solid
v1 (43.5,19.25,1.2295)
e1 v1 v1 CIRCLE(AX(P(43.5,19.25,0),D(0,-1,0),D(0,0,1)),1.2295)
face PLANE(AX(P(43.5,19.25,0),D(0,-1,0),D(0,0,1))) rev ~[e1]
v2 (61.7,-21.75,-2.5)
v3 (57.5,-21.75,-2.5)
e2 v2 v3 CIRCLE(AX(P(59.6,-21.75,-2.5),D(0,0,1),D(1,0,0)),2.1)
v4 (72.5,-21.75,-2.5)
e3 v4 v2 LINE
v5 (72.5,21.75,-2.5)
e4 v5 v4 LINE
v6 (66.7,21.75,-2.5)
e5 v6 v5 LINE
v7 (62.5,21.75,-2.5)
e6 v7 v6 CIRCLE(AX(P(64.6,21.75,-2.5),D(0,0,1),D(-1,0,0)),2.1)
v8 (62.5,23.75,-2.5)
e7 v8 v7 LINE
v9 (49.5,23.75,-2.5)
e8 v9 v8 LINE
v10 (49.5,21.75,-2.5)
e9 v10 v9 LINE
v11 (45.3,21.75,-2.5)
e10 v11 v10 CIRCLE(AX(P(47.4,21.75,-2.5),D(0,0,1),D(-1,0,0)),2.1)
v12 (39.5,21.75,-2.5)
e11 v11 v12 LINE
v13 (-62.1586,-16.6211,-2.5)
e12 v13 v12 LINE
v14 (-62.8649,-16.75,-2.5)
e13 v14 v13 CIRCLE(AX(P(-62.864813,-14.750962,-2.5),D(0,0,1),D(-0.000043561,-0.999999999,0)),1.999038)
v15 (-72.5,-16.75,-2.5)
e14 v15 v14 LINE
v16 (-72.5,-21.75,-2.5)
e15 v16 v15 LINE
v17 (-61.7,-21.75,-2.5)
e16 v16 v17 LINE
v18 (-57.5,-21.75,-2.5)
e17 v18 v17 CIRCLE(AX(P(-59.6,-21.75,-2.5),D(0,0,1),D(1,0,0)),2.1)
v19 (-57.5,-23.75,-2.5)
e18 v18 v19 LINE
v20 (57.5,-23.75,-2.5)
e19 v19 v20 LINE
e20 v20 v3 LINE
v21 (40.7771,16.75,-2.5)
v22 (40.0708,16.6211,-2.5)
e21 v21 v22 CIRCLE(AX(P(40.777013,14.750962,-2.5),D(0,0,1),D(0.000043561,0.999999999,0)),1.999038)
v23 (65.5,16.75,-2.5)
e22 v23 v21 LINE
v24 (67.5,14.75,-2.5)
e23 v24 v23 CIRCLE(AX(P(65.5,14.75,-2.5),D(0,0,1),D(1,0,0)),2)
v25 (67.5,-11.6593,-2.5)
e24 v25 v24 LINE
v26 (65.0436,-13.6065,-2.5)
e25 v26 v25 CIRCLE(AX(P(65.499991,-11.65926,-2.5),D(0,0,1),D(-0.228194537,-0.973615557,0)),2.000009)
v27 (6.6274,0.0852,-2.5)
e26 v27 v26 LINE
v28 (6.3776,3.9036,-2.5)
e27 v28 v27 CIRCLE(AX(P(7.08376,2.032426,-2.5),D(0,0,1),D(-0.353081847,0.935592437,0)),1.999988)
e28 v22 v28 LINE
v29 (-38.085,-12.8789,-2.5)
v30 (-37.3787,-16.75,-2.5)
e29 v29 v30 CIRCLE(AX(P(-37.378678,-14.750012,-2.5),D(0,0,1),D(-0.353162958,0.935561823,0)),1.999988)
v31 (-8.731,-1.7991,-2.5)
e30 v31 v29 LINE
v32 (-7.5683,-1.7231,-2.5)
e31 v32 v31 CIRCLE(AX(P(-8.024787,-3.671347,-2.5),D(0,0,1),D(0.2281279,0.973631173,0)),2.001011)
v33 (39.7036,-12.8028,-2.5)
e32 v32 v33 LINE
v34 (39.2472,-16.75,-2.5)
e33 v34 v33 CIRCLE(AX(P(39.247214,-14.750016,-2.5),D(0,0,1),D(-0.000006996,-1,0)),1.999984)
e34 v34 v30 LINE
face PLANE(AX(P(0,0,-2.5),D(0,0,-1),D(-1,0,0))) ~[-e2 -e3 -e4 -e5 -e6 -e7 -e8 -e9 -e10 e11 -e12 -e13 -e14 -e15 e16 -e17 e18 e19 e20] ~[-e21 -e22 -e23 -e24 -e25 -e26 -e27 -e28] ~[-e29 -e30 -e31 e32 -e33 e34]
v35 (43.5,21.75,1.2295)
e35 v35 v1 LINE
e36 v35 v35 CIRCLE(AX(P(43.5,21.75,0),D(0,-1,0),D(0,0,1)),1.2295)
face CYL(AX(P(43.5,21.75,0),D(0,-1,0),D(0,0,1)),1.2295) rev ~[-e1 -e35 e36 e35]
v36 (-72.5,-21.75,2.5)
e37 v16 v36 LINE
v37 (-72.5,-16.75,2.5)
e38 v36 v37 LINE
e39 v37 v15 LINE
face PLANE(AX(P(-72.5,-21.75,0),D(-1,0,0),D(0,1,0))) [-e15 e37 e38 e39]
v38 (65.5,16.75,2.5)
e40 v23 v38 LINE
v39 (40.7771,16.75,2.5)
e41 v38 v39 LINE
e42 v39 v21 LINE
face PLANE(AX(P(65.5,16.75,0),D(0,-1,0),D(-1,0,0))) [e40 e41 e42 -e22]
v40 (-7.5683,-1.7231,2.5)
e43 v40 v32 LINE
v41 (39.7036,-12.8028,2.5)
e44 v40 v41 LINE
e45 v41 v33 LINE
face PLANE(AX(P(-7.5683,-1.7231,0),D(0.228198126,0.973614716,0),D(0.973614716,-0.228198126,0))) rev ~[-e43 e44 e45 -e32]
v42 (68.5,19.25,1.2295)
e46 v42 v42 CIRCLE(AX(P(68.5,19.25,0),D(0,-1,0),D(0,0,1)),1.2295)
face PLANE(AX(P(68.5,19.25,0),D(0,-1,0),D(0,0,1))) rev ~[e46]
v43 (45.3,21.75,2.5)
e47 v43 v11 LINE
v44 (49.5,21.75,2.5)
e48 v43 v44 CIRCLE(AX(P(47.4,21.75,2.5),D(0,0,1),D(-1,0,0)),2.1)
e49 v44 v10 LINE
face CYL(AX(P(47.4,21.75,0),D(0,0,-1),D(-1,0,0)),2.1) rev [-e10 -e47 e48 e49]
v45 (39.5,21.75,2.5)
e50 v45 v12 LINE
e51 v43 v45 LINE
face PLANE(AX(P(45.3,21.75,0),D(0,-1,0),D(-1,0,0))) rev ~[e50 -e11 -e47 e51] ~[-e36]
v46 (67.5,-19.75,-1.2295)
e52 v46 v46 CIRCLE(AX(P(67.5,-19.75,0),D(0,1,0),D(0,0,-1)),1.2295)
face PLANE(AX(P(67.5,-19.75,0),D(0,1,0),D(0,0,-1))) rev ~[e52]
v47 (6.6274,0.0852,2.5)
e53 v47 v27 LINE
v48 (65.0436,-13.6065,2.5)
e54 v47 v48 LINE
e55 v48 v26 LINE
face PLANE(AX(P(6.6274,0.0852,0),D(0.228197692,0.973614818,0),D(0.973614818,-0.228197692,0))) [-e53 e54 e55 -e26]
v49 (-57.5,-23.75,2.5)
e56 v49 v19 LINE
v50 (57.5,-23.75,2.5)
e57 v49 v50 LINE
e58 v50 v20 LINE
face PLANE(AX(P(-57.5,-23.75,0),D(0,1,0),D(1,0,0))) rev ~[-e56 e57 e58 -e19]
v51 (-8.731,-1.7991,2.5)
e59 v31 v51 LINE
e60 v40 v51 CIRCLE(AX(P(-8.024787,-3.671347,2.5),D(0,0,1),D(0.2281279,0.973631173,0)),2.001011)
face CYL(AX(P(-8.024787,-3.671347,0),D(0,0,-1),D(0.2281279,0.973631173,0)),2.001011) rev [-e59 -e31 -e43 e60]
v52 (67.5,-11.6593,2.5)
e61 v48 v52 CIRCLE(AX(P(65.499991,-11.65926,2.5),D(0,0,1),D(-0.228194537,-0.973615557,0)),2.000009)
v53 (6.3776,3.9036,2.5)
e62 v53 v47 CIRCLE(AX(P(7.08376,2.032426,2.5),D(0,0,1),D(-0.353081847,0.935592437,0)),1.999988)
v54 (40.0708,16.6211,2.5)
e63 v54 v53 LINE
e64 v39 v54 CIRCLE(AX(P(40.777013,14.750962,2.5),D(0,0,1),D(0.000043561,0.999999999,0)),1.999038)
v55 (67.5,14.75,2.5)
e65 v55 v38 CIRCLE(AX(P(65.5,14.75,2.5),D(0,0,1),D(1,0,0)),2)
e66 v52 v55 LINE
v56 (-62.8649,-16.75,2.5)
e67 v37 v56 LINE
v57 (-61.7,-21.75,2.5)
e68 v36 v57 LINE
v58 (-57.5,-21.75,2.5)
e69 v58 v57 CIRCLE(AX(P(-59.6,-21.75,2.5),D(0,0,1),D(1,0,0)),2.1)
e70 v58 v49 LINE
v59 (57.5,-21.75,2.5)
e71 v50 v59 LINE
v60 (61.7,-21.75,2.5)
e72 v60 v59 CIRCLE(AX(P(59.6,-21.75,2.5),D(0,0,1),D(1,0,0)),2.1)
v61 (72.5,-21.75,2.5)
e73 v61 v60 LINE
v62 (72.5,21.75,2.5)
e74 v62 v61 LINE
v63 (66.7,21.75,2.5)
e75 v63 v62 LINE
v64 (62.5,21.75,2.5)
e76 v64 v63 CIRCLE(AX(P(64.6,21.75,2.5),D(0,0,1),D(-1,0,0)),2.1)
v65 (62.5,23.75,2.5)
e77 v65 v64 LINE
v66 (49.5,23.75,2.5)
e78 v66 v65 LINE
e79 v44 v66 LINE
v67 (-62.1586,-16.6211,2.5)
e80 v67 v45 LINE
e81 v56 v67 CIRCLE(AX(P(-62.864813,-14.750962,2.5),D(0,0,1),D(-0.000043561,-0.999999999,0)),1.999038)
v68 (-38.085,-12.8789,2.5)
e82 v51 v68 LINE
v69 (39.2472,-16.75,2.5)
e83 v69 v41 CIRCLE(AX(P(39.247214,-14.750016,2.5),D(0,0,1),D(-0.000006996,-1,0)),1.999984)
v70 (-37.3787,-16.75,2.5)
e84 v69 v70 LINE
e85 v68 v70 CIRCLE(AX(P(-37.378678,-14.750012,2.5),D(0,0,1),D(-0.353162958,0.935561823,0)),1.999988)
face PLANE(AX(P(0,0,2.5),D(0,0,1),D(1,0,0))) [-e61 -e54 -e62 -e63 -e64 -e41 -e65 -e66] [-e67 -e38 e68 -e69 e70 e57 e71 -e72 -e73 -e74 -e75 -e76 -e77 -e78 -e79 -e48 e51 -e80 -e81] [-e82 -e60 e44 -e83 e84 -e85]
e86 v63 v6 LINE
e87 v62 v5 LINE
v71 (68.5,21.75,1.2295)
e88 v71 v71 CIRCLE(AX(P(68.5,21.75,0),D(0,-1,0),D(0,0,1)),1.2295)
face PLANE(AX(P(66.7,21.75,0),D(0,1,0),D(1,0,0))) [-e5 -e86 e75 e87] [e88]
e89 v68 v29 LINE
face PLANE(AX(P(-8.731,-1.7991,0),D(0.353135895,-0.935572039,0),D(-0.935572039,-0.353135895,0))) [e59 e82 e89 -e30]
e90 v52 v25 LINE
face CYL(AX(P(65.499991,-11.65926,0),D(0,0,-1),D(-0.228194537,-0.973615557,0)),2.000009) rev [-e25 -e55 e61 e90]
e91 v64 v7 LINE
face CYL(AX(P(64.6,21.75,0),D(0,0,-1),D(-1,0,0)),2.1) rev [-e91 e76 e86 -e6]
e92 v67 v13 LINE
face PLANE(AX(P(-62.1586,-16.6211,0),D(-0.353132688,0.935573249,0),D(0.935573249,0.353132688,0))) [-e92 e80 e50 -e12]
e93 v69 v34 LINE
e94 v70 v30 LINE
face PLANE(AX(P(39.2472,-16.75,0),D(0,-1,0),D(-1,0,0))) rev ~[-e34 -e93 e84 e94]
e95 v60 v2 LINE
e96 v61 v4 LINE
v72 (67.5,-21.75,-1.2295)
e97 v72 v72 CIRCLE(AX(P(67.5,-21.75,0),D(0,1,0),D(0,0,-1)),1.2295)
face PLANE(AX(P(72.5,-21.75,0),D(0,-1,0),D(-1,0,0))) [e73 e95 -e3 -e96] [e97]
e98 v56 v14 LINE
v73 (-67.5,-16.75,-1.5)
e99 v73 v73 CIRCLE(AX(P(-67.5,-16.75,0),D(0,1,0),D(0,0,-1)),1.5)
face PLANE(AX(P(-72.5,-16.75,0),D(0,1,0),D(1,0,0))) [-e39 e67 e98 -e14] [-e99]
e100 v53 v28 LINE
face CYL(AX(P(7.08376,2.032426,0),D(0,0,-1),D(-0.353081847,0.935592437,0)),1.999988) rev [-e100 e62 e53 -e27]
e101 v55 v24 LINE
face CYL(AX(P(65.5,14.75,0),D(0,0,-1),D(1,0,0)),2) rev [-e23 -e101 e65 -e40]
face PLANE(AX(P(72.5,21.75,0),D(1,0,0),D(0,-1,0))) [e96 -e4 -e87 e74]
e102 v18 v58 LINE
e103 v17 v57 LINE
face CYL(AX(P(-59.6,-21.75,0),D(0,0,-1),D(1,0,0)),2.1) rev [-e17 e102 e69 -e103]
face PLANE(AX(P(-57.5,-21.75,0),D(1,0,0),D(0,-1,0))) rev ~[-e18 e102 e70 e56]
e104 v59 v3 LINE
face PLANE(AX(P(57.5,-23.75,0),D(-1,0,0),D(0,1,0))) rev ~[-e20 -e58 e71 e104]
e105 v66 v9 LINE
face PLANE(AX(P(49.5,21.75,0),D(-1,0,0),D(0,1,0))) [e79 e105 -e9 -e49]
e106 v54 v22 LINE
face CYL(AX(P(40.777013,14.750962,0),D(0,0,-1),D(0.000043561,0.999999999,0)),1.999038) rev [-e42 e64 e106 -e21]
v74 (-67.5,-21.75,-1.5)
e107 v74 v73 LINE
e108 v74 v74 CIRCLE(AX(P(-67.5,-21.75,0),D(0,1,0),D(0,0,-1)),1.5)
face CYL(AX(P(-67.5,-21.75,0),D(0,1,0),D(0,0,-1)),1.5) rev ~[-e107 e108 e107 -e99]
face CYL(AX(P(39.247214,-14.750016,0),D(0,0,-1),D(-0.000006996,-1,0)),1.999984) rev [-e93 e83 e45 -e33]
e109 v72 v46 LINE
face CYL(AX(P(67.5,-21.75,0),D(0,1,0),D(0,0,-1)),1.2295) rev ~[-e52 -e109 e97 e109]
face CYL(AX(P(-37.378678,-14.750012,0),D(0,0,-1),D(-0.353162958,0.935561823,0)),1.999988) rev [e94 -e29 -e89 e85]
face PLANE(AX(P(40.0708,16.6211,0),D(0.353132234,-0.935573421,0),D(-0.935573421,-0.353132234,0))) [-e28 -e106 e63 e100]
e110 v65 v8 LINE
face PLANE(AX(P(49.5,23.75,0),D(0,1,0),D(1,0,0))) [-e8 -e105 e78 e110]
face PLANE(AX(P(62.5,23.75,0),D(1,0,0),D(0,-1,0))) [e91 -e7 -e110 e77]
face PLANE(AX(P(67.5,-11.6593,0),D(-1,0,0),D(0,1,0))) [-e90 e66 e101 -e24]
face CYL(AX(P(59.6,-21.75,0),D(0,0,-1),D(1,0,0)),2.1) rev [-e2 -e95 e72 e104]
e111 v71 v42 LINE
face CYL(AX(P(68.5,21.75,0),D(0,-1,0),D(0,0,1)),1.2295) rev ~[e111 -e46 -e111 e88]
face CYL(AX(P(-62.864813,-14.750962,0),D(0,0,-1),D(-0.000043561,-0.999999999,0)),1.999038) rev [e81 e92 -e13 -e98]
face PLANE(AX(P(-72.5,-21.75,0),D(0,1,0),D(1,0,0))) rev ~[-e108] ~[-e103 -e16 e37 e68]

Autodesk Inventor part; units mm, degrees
ref_plane "YZ Plane" through (0, 0, 0) normal (1, 0, 0) x (0, 1, 0)
ref_plane "XZ Plane" through (0, 0, 0) normal (0, 1, 0) x (-1, 0, 0)
ref_plane "XY Plane" through (0, 0, 0) normal (0, 0, 1) x (1, 0, 0)
sketch "スケッチ1" plane through (0, 0, 0) normal (0, 0, 1) x (1, 0, 0)
  line L0 (-72.5, -21.75) -> (72.5, -21.75) construction
  line L1 (72.5, -21.75) -> (72.5, 21.75) construction
  line L2 (72.5, 21.75) -> (-72.5, 21.75) construction
  line L3 (-72.5, 21.75) -> (-72.5, -21.75) construction
  line L4 (-72.5, -21.75) -> (72.5, 21.75) construction
  line L5 (72.5, -21.75) -> (-72.5, 21.75) construction
  line L6 (-67.5, 21.75) -> (-67.5, -21.75) construction
  line L7 (0, 0) -> (0, 21.75) construction
  line L8 (0, 0) -> (-72.5, 0) construction
  line L9 (67.5, 21.75) -> (67.5, -11.6593) construction
  line L10 (-72.5, -21.75) -> (-61.7, -21.75)
  line L11 (49.5, 21.75) -> (49.5, 23.75)
  line L12 (49.5, 23.75) -> (62.5, 23.75)
  line L13 (62.5, 23.75) -> (62.5, 21.75)
  line L14 (66.7, 21.75) -> (72.5, 21.75)
  line L15 (72.5, 21.75) -> (72.5, -21.75)
  line L16 (72.5, -21.75) -> (61.7, -21.75)
  line L17 (-57.5, -21.75) -> (-57.5, -23.75)
  line L18 (-57.5, -23.75) -> (57.5, -23.75)
  line L19 (57.5, -23.75) -> (57.5, -21.75)
  arc A0 (45.3, 21.75) -> (49.5, 21.75) centre (47.4, 21.75) ccw
  arc A1 (62.5, 21.75) -> (66.7, 21.75) centre (64.6, 21.75) ccw
  arc A2 (-57.5, -21.75) -> (-61.7, -21.75) centre (-59.6, -21.75) ccw
  arc A3 (61.7, -21.75) -> (57.5, -21.75) centre (59.6, -21.75) ccw
  line L20 (-72.5, -21.75) -> (-72.5, -16.75)
  line L21 (45.3, 21.75) -> (39.5, 21.75)
  line L22 (66.95, 24.476) -> (70.05, 24.476) construction
  line L23 (70.05, 24.476) -> (70.05, 13.3235) construction
  line L24 (70.05, 13.3235) -> (66.95, 13.3235) construction
  line L25 (66.95, 13.3235) -> (66.95, 24.476) construction
  line L26 (68.5, 24.476) -> (68.5, 13.3235) construction
  line L27 (41.95, 24.476) -> (45.05, 24.476) construction
  line L28 (45.05, 24.476) -> (45.05, 13.9945) construction
  line L29 (45.05, 13.9945) -> (41.95, 13.9945) construction
  line L30 (41.95, 13.9945) -> (41.95, 24.476) construction
  line L31 (43.5, 24.476) -> (43.5, 13.9945) construction
  line L32 (-72.5, -16.75) -> (-62.8649, -16.75)
  line L33 (-62.1586, -16.6211) -> (39.5, 21.75)
  line L34 (40.0708, 16.6211) -> (6.3776, 3.9036) construction
  line L35 (-48.341, -16.75) -> (67.5, -16.75) construction
  line L36 (67.5, -16.75) -> (67.5, 14.75) construction
  line L37 (65.5, 16.75) -> (40.7771, 16.75)
  line L38 (67.5, -16.75) -> (-3.9644, 0) construction
  line L39 (-8.731, -1.7991) -> (-38.085, -12.8789)
  line L40 (-7.5683, -1.7231) -> (39.7036, -12.8028)
  line L41 (39.2472, -16.75) -> (-37.3787, -16.75)
  line L42 (6.6274, 0.0852) -> (65.0436, -13.6065)
  line L43 (67.5, -14.1822) -> (67.5, 16.75)
  arc A4 (65.0436, -13.6065) -> (67.5, -11.6593) centre (65.5, -11.6593) ccw
  arc A5 (6.3776, 3.9036) -> (6.6274, 0.0852) centre (7.0838, 2.0324) ccw
  line L44 (40.0708, 16.6211) -> (6.3776, 3.9036)
  arc A6 (40.7771, 16.75) -> (40.0708, 16.6211) centre (40.7771, 14.75) ccw
  arc A7 (67.5, 14.75) -> (65.5, 16.75) centre (65.5, 14.75) ccw
  arc A8 (-38.085, -12.8789) -> (-37.3787, -16.75) centre (-37.3787, -14.75) ccw
  arc A9 (-7.5683, -1.7231) -> (-8.731, -1.7991) centre (-8.0247, -3.6703) ccw
  arc A10 (39.2472, -16.75) -> (39.7036, -12.8028) centre (39.2472, -14.75) ccw
  arc A11 (-62.8649, -16.75) -> (-62.1586, -16.6211) centre (-62.8649, -14.75) ccw
  point P0 (67.5, -21.75)
  point P1 (-62.5, -16.75)
  point P2 (40.4122, 16.75)
  point P3 (-8.1612, -1.5841)
  point P4 (56.5446, -16.75)
  point P5 (67.5, -11.6593)
  dimension "d16" = 5
  dimension "d20" = 43.5
  dimension "d40" = 135
  dimension "d41" = 10
  dimension "d42" = 2.1
  dimension "d43" = 2
  dimension "d44" = 5
  dimension "d45" = 10
  dimension "d46" = 10
  dimension "d48" = 3.1
  dimension "d50" = 4
  dimension "d51" = 25
  dimension "d52" = 3.1
  dimension "d62" = 6
  dimension "d63" = 6
  dimension "d88" = 10
  dimension "d90" = 5
  dimension "d91" = 5
  dimension "d93" = 5
  dimension "d94" = 94.8651
  dimension "d96" = 47.4325
  dimension "d97" = 2.5
  dimension "d98" = 5
  dimension "d99" = 2
  dimension "d100" = 2
  dimension "d101" = 5
  dimension "d102" = 2
  dimension "d103" = 2
  dimension "d104" = 2
  dimension "d105" = 2
extrude "押し出し1" add sketch "スケッチ1" along normal blind 2.5
mirror "ミラー1" about plane through (0, 0, 0) normal (0, 0, -1) of "押し出し1"
sketch "スケッチ2" plane through (-72.5, -21.75, 2.5) normal (0, -1, 0) x (1, 0, 0)
  line L0 (0, -5) -> (0, 0)
  line L1 (15, -5) -> (130, -5) construction
  line L2 (72.5, -5) -> (72.5, 0) construction
  line L3 (15, 0) -> (130, 0) construction
  point P0 (72.5, -2.5)
  point P1 (140, -2.5)
  point P2 (0, -2.5)
hole "穴1" at (67.5, -21.75, 0) direction (0, 1, 0) diameter 2.459 depth 2 thread size "M3x0.5" class "6H" standard "ISO Metric profile"
sketch "スケッチ4" plane through (66.7, 21.75, 2.5) normal (0, 1, 0) x (1, 0, 0)
  line L0 (5.8, 5) -> (5.8, 0) projected
  point P0 (-66.7, 2.5)
  point P1 (1.8, 2.5)
  point P2 (-23.2, 2.5)
  point P3 (5.8, 2.5)
  dimension "d53" = 4
  dimension "d54" = 25
hole "穴2" at (68.5, 21.75, 0) at (43.5, 21.75, 0) direction (0, -1, 0) diameter 2.459 depth 2.5 thread size "M3x0.5" class "6H" standard "ISO Metric profile"
sketch "スケッチ7" plane through (-72.5, -21.75, 2.5) normal (0, -1, 0) x (1, 0, 0)
  line L0 (0, -5) -> (0, 0) projected
  line L1 (15, 0) -> (130, 0) projected
  line L2 (15, -5) -> (130, -5) projected
  line L3 (0, -2.5) -> (5, -2.5)
  point P0 (72.5, -2.5)
  dimension "d80" = 5
hole "穴3" at (-67.5, -21.75, 0) direction (0, 1, 0) diameter 3 end through all
equation "\"d16\" = d4"
equation "\"d40\" = d6"
equation "\"d41\" = d3"
equation "\"d46\" = d45"
equation "\"d63\" = d62"
equation "\"d53\" = d50"
equation "\"d54\" = d51"
equation "\"d4\" = 5"
equation "\"d6\" = 135"
equation "\"d3\" = 10"
properties part number "ForeArm_diagonal" material "アセタール樹脂、黒"
